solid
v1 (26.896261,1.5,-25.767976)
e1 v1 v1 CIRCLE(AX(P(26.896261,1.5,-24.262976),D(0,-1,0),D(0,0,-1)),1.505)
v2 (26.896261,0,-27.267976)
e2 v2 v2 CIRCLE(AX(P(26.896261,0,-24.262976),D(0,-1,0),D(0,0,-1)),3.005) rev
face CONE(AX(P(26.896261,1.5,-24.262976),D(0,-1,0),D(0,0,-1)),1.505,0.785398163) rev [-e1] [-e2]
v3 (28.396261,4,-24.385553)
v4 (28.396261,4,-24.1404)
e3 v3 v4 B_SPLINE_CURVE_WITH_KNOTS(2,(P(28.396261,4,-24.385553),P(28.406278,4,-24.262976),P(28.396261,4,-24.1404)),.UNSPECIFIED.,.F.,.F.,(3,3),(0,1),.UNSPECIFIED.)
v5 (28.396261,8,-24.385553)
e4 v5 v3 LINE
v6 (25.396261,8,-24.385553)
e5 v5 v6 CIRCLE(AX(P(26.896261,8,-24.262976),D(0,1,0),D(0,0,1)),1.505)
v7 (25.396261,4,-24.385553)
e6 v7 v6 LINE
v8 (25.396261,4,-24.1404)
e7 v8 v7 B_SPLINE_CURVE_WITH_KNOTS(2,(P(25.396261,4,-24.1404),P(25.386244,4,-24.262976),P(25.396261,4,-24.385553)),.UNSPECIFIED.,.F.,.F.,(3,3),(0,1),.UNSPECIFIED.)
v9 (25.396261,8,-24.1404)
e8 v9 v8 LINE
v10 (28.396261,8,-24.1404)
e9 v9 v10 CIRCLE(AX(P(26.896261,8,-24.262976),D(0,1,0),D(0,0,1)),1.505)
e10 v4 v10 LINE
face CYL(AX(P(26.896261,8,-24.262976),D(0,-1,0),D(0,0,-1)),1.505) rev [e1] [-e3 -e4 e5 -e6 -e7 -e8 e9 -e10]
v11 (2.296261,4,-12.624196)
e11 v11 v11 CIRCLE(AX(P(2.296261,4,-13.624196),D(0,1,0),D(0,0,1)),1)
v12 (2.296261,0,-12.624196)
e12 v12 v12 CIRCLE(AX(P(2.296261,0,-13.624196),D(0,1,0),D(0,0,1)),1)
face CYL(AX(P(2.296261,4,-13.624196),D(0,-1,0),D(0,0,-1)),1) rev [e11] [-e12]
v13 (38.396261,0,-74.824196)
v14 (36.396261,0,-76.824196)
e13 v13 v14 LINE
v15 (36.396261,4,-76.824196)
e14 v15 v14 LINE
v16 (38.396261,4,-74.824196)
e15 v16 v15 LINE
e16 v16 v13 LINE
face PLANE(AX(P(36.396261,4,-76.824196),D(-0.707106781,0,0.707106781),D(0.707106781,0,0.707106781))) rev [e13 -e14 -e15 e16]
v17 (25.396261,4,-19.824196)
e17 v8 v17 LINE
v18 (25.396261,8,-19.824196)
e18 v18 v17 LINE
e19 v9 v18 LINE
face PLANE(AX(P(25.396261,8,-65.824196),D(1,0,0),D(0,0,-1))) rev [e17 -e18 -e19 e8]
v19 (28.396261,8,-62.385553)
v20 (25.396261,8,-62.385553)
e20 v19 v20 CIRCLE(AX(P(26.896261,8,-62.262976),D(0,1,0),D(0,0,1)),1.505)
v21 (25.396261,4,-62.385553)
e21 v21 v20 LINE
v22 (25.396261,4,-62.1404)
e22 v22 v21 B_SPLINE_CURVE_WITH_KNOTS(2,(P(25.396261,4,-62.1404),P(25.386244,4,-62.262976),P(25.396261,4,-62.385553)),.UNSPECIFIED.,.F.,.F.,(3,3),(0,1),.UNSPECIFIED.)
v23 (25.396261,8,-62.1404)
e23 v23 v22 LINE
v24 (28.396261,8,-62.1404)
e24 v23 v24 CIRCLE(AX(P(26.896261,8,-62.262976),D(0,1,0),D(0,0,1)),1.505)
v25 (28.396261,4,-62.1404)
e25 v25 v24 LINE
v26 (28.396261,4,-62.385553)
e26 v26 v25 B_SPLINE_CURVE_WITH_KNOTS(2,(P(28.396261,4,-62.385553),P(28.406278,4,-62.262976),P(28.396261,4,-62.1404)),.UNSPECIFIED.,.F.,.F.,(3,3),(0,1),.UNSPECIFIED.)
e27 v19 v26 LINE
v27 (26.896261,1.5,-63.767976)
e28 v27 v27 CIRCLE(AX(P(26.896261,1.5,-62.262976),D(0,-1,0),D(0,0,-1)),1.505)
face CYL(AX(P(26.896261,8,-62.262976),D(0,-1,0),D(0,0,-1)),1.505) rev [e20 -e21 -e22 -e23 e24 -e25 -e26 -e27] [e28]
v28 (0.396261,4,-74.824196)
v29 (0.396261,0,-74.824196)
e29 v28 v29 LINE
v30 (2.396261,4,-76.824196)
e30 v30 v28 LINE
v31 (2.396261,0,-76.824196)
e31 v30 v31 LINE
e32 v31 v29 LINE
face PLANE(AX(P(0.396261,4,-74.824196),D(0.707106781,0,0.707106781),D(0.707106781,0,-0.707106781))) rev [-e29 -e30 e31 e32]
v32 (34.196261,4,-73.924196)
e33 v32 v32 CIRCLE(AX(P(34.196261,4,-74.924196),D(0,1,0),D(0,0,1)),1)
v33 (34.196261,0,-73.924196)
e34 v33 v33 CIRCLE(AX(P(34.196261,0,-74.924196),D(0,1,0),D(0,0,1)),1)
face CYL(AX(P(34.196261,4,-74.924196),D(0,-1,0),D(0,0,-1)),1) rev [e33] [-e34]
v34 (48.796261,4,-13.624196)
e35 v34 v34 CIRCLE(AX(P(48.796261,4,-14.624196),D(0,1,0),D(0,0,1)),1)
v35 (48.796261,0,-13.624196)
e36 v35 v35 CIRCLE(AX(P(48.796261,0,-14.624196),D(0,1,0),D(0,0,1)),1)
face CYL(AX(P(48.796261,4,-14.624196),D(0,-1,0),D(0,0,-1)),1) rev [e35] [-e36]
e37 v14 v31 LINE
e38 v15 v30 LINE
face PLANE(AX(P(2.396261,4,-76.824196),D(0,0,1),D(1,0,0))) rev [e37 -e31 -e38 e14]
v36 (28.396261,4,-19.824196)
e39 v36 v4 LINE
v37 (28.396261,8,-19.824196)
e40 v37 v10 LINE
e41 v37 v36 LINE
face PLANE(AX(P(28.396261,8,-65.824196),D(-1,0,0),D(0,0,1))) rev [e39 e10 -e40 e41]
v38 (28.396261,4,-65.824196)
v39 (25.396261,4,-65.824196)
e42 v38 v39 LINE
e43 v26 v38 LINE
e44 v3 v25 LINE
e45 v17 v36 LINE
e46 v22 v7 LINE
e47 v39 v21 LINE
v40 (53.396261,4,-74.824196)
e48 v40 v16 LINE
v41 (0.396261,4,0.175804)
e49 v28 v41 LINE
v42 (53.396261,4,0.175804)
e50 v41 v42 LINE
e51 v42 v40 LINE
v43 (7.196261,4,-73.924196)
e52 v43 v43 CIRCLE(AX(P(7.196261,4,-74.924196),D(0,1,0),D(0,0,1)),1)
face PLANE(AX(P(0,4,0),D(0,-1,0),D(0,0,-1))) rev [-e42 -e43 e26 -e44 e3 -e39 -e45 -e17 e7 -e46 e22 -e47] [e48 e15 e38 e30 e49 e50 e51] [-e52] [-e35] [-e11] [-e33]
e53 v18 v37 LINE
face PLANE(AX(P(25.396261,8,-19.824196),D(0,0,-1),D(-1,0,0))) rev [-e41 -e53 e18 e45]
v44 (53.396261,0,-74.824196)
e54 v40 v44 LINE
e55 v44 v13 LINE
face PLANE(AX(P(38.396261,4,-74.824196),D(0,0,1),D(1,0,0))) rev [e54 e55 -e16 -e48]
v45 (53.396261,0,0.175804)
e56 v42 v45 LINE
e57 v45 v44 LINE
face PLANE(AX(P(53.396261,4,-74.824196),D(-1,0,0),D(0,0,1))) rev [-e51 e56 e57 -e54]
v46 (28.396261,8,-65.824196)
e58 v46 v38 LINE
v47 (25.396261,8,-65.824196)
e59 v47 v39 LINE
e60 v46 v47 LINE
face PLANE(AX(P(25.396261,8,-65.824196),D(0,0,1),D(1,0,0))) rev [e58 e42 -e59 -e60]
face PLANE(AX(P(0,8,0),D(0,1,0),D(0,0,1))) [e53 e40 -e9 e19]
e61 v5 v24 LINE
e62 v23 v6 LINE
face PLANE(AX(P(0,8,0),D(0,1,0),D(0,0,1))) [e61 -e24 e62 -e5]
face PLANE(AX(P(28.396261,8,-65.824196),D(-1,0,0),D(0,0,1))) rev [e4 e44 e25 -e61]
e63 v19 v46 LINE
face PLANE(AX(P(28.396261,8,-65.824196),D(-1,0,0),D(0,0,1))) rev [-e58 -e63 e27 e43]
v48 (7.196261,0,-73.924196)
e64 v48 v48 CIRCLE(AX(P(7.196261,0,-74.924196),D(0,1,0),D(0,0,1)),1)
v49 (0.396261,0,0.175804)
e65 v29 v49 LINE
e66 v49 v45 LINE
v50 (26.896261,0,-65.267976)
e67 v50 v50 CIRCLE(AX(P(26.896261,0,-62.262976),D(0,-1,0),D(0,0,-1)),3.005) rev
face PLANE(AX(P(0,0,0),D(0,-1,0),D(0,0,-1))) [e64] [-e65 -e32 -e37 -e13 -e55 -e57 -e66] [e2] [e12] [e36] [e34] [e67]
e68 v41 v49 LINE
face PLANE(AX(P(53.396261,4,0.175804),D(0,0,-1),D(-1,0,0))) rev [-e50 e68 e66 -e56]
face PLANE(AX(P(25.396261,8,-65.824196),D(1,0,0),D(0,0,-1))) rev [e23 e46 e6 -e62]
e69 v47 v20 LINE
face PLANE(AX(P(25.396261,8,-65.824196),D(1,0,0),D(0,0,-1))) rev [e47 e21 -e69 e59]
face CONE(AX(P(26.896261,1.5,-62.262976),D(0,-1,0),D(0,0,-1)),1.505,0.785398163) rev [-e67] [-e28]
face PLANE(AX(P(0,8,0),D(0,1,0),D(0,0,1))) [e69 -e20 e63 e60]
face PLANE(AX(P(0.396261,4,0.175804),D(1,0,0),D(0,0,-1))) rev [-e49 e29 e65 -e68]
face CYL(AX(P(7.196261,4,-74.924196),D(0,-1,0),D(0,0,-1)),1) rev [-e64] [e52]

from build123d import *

# Parameters (mm, degrees)
SKETCH_1_R          = 1
EXTRUDE_2_DEPTH     = 4
SKETCH_3_W          = 3
SKETCH_3_H          = 46
EXTRUDE_3_DEPTH     = 4
SKETCH_4_R          = 1.505
CUT_EXTRUDE_7_DEPTH = 8
CHAMFER_1_SIZE      = 1.5
CHAMFER_2_SIZE      = 1.5


with BuildPart() as part:
    # Эскиз1 → Бобышка-Вытянуть2 (new body)
    with BuildSketch(Plane(origin=(0, 0, 0), x_dir=(1, 0, 0), z_dir=(0, 1, 0))):
        Polygon((2.396260851, 76.824196235), (36.396260851, 76.824196235), (38.396260851, 74.824196235), (53.396260851, 74.824196235), (53.396260851, -0.175803765), (0.396260851, -0.175803765), (0.396260851, 74.824196235), align=None)
        with Locations(Location((7.196260851, 74.924196235, 0), (0, 0, 270))):
            Circle(SKETCH_1_R, mode=Mode.SUBTRACT)
        with Locations(Location((34.196260851, 74.924196235, 0), (0, 0, 270))):
            Circle(SKETCH_1_R, mode=Mode.SUBTRACT)
        with Locations(Location((2.296260851, 13.624196235, 0), (0, 0, 270))):
            Circle(SKETCH_1_R, mode=Mode.SUBTRACT)
        with Locations(Location((48.796260851, 14.624196235, 0), (0, 0, 270))):
            Circle(SKETCH_1_R, mode=Mode.SUBTRACT)
    extrude(amount=EXTRUDE_2_DEPTH)

    # Эскиз3 → Бобышка-Вытянуть3 (add)
    with BuildSketch(Plane(origin=(0, 4, 0), x_dir=(1, 0, 0), z_dir=(0, 1, 0))):
        with Locations((26.896260851, 42.824196235)):
            Rectangle(SKETCH_3_W, SKETCH_3_H)
    extrude(amount=EXTRUDE_3_DEPTH)

    # Эскиз4 → Вырез-Вытянуть7 (cut)
    with BuildSketch(Plane.XZ):
        with Locations(Location((26.896260851, -24.262976388, 0), (0, 0, 270))):
            Circle(SKETCH_4_R)
        with Locations(Location((26.896260851, -62.262976388, 0), (0, 0, 270))):
            Circle(SKETCH_4_R)
    extrude(amount=-CUT_EXTRUDE_7_DEPTH, mode=Mode.SUBTRACT)

    # Фаска1
    chamfer_1_edges = [part.edges().sort_by_distance(p)[0] for p in [
        (26.896260851, 0, -60.757976388),
    ]]
    chamfer(chamfer_1_edges, length=CHAMFER_1_SIZE)

    # Фаска2
    chamfer_2_edges = [part.edges().sort_by_distance(p)[0] for p in [
        (26.896260851, 0, -22.757976388),
    ]]
    chamfer(chamfer_2_edges, length=CHAMFER_2_SIZE)


solid = part.part
